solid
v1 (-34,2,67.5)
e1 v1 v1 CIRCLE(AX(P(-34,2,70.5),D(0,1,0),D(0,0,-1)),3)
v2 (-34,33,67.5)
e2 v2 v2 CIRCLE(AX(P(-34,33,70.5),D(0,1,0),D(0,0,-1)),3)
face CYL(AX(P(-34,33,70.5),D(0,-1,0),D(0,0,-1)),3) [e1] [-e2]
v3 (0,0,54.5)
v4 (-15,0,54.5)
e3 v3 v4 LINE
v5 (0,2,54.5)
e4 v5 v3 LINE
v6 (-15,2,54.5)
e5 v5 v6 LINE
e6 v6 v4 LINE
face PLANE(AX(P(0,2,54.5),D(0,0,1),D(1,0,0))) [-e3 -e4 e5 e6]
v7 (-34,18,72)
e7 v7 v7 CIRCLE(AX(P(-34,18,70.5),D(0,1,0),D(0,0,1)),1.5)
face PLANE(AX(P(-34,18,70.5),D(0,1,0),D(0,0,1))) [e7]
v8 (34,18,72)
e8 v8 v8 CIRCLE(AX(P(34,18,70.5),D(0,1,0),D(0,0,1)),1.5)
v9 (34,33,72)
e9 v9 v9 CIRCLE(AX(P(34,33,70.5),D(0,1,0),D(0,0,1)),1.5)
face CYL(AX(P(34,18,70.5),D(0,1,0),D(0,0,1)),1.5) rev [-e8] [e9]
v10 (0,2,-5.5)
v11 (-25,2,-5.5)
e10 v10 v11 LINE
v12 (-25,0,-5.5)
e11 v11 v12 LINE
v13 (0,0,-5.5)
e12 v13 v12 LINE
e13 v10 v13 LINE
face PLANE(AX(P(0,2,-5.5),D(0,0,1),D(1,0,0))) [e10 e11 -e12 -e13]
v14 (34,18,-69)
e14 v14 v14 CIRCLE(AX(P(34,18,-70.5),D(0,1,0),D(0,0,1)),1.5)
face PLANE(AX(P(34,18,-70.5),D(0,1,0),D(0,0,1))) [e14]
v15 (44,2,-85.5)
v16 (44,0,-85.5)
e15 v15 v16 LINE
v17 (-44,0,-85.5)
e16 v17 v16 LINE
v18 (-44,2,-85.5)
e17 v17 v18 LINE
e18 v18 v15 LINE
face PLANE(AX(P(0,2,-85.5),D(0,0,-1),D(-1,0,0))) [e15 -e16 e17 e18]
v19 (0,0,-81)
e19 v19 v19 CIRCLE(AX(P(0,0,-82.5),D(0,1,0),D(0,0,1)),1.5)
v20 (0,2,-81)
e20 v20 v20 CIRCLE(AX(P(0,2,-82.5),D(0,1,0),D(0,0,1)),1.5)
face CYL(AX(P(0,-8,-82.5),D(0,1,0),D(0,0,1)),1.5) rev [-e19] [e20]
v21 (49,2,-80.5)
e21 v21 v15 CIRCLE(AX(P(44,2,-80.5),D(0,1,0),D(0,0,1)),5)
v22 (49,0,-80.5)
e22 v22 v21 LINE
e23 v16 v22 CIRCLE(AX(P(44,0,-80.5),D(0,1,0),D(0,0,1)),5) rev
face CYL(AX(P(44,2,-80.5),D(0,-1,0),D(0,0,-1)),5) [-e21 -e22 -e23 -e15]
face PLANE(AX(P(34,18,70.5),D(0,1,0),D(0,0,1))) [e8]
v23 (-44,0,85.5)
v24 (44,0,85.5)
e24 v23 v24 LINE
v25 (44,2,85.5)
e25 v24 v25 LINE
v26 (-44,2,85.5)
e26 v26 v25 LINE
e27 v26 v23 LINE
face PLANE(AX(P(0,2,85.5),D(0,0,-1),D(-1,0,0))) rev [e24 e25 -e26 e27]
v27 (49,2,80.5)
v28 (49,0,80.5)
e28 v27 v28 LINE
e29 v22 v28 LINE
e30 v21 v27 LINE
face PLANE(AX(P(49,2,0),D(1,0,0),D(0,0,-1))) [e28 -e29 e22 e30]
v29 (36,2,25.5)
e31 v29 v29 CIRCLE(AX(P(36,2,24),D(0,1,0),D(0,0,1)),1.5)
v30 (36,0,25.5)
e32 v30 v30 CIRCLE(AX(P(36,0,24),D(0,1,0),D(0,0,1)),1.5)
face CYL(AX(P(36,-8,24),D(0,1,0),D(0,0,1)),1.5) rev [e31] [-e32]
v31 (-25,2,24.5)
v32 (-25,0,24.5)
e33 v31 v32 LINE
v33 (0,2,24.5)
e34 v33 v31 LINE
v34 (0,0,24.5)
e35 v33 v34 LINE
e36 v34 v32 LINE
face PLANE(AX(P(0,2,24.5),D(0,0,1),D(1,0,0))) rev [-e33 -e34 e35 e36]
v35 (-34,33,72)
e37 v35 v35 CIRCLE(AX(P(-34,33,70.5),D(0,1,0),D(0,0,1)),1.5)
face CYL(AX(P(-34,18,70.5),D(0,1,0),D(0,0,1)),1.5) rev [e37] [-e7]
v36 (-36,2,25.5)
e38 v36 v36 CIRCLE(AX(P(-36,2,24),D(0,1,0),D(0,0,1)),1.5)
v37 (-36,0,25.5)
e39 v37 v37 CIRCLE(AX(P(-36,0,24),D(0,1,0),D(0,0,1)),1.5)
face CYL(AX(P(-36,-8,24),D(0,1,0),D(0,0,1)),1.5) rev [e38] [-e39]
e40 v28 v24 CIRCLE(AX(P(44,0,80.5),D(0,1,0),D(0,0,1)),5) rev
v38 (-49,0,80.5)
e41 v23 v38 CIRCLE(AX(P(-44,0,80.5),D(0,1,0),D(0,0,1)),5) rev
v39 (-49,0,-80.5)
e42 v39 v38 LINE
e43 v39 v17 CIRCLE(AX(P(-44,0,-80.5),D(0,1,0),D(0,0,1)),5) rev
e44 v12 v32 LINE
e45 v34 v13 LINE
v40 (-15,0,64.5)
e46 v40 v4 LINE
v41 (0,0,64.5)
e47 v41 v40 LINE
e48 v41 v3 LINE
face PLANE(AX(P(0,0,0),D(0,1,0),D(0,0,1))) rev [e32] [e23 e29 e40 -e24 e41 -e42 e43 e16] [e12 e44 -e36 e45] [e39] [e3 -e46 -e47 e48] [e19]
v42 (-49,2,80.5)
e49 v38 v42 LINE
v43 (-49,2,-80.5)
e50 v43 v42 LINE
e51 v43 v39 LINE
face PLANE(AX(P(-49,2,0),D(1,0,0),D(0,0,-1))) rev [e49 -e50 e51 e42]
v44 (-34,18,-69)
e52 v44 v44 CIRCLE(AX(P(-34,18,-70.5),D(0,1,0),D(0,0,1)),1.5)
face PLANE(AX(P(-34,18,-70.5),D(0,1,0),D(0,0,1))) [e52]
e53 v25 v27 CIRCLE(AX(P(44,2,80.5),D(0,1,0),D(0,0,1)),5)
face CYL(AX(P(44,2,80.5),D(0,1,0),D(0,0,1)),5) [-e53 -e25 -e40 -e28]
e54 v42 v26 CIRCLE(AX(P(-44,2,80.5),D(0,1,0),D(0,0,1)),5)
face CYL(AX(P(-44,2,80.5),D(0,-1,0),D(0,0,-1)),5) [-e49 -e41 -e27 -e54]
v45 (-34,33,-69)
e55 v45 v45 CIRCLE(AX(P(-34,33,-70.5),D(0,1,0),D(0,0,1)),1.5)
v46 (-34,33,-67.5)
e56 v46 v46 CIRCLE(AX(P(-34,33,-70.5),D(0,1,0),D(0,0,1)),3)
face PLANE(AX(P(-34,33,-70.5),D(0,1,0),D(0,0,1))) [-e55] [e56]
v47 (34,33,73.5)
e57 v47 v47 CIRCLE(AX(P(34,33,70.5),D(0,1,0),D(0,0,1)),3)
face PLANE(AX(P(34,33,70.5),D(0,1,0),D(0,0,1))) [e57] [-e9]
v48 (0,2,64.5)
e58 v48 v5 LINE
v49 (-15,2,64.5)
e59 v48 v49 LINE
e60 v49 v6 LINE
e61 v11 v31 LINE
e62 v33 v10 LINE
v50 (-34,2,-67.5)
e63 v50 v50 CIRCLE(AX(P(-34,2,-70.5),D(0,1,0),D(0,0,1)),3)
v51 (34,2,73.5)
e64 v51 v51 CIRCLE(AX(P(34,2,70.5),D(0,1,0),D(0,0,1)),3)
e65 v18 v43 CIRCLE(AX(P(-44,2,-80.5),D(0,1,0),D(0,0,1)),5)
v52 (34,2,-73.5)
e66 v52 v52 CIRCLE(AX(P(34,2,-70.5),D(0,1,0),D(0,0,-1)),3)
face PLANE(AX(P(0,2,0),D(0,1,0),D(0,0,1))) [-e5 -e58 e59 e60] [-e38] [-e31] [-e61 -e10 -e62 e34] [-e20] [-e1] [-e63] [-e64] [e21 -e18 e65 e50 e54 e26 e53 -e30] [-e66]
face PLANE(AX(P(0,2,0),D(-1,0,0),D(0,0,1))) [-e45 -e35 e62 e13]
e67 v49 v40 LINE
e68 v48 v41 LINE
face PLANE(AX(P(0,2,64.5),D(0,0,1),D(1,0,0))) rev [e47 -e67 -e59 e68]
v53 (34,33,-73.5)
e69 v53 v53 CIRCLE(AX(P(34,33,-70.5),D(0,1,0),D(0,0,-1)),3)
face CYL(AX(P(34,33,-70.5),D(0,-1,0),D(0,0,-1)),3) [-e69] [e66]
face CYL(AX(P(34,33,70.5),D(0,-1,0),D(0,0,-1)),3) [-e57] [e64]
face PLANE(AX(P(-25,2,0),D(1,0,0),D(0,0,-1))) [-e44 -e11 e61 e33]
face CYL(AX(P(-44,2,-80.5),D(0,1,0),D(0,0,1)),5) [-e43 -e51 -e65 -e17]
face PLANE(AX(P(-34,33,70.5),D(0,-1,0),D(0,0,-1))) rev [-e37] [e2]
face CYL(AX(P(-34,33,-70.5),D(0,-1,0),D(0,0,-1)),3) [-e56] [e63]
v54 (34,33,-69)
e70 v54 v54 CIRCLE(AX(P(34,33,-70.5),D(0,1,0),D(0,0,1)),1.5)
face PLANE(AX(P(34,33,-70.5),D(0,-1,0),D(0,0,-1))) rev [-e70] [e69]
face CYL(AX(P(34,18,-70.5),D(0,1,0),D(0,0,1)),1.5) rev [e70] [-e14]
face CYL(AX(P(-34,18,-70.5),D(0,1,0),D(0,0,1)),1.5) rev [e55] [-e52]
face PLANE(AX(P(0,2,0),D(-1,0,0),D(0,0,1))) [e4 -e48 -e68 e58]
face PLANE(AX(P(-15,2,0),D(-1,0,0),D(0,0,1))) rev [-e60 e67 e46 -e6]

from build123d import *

# Parameters (mm, degrees)
CROQUIS1_W              = 98
CROQUIS1_H              = 171
CROQUIS1_W_2            = 15
CROQUIS1_H_2            = 10
SALIENTE_EXTRUIR1_DEPTH = 2
REDONDEO1_R             = 5
CROQUIS2_R              = 1.5
CORTAR_EXTRUIR2_DEPTH   = 10
CROQUIS5_R              = 3
SALIENTE_EXTRUIR2_DEPTH = 31
CROQUIS6_R              = 1.5
CORTAR_EXTRUIR3_DEPTH   = 15


with BuildPart() as part:
    # Croquis1 → Saliente-Extruir1 (new body)
    with BuildSketch(Plane(origin=(0, 0, 0), x_dir=(1, 0, 0), z_dir=(0, 1, 0))):
        Rectangle(CROQUIS1_W, CROQUIS1_H)
        with Locations((-7.5, -59.5)):
            Rectangle(CROQUIS1_W_2, CROQUIS1_H_2, mode=Mode.SUBTRACT)
        Polygon((-25, 5.5), (0, 5.5), (0, 0), (0, -24.5), (-25, -24.5), align=None, mode=Mode.SUBTRACT)
    extrude(amount=SALIENTE_EXTRUIR1_DEPTH)

    # Redondeo1
    redondeo1_edges = [part.edges().sort_by_distance(p)[0] for p in [
        (49, 1, 85.5),
        (-49, 1, 85.5),
        (-49, 1, -85.5),
        (49, 1, -85.5),
    ]]
    fillet(redondeo1_edges, radius=REDONDEO1_R)

    # Croquis2 → Cortar-Extruir2 (cut)
    with BuildSketch(Plane(origin=(0, 2, 0), x_dir=(1, 0, 0), z_dir=(0, 1, 0))):
        with Locations(Location((-36, -24, 0), (0, 0, 270))):
            Circle(CROQUIS2_R)
        with Locations(Location((36, -24, 0), (0, 0, 270))):
            Circle(CROQUIS2_R)
        with Locations(Location((0, 82.5, 0), (0, 0, 270))):
            Circle(CROQUIS2_R)
    extrude(amount=-CORTAR_EXTRUIR2_DEPTH, mode=Mode.SUBTRACT)

    # Croquis5 → Saliente-Extruir2 (add)
    with BuildSketch(Plane(origin=(0, 2, 0), x_dir=(1, 0, 0), z_dir=(0, 1, 0))):
        with Locations(Location((-34, 70.5, 0), (0, 0, 270))):
            Circle(CROQUIS5_R)
        with Locations(Location((34, 70.5, 0), (0, 0, 90))):
            Circle(CROQUIS5_R)
        with Locations(Location((34, -70.5, 0), (0, 0, 270))):
            Circle(CROQUIS5_R)
        with Locations(Location((-34, -70.5, 0), (0, 0, 90))):
            Circle(CROQUIS5_R)
    extrude(amount=SALIENTE_EXTRUIR2_DEPTH)

    # Croquis6 → Cortar-Extruir3 (cut)
    with BuildSketch(Plane(origin=(0, 33, 0), x_dir=(1, 0, 0), z_dir=(0, 1, 0))):
        with Locations(Location((-34, 70.5, 0), (0, 0, 270))):
            Circle(CROQUIS6_R)
        with Locations(Location((34, 70.5, 0), (0, 0, 270))):
            Circle(CROQUIS6_R)
        with Locations(Location((34, -70.5, 0), (0, 0, 270))):
            Circle(CROQUIS6_R)
        with Locations(Location((-34, -70.5, 0), (0, 0, 270))):
            Circle(CROQUIS6_R)
    extrude(amount=-CORTAR_EXTRUIR3_DEPTH, mode=Mode.SUBTRACT)


solid = part.part
